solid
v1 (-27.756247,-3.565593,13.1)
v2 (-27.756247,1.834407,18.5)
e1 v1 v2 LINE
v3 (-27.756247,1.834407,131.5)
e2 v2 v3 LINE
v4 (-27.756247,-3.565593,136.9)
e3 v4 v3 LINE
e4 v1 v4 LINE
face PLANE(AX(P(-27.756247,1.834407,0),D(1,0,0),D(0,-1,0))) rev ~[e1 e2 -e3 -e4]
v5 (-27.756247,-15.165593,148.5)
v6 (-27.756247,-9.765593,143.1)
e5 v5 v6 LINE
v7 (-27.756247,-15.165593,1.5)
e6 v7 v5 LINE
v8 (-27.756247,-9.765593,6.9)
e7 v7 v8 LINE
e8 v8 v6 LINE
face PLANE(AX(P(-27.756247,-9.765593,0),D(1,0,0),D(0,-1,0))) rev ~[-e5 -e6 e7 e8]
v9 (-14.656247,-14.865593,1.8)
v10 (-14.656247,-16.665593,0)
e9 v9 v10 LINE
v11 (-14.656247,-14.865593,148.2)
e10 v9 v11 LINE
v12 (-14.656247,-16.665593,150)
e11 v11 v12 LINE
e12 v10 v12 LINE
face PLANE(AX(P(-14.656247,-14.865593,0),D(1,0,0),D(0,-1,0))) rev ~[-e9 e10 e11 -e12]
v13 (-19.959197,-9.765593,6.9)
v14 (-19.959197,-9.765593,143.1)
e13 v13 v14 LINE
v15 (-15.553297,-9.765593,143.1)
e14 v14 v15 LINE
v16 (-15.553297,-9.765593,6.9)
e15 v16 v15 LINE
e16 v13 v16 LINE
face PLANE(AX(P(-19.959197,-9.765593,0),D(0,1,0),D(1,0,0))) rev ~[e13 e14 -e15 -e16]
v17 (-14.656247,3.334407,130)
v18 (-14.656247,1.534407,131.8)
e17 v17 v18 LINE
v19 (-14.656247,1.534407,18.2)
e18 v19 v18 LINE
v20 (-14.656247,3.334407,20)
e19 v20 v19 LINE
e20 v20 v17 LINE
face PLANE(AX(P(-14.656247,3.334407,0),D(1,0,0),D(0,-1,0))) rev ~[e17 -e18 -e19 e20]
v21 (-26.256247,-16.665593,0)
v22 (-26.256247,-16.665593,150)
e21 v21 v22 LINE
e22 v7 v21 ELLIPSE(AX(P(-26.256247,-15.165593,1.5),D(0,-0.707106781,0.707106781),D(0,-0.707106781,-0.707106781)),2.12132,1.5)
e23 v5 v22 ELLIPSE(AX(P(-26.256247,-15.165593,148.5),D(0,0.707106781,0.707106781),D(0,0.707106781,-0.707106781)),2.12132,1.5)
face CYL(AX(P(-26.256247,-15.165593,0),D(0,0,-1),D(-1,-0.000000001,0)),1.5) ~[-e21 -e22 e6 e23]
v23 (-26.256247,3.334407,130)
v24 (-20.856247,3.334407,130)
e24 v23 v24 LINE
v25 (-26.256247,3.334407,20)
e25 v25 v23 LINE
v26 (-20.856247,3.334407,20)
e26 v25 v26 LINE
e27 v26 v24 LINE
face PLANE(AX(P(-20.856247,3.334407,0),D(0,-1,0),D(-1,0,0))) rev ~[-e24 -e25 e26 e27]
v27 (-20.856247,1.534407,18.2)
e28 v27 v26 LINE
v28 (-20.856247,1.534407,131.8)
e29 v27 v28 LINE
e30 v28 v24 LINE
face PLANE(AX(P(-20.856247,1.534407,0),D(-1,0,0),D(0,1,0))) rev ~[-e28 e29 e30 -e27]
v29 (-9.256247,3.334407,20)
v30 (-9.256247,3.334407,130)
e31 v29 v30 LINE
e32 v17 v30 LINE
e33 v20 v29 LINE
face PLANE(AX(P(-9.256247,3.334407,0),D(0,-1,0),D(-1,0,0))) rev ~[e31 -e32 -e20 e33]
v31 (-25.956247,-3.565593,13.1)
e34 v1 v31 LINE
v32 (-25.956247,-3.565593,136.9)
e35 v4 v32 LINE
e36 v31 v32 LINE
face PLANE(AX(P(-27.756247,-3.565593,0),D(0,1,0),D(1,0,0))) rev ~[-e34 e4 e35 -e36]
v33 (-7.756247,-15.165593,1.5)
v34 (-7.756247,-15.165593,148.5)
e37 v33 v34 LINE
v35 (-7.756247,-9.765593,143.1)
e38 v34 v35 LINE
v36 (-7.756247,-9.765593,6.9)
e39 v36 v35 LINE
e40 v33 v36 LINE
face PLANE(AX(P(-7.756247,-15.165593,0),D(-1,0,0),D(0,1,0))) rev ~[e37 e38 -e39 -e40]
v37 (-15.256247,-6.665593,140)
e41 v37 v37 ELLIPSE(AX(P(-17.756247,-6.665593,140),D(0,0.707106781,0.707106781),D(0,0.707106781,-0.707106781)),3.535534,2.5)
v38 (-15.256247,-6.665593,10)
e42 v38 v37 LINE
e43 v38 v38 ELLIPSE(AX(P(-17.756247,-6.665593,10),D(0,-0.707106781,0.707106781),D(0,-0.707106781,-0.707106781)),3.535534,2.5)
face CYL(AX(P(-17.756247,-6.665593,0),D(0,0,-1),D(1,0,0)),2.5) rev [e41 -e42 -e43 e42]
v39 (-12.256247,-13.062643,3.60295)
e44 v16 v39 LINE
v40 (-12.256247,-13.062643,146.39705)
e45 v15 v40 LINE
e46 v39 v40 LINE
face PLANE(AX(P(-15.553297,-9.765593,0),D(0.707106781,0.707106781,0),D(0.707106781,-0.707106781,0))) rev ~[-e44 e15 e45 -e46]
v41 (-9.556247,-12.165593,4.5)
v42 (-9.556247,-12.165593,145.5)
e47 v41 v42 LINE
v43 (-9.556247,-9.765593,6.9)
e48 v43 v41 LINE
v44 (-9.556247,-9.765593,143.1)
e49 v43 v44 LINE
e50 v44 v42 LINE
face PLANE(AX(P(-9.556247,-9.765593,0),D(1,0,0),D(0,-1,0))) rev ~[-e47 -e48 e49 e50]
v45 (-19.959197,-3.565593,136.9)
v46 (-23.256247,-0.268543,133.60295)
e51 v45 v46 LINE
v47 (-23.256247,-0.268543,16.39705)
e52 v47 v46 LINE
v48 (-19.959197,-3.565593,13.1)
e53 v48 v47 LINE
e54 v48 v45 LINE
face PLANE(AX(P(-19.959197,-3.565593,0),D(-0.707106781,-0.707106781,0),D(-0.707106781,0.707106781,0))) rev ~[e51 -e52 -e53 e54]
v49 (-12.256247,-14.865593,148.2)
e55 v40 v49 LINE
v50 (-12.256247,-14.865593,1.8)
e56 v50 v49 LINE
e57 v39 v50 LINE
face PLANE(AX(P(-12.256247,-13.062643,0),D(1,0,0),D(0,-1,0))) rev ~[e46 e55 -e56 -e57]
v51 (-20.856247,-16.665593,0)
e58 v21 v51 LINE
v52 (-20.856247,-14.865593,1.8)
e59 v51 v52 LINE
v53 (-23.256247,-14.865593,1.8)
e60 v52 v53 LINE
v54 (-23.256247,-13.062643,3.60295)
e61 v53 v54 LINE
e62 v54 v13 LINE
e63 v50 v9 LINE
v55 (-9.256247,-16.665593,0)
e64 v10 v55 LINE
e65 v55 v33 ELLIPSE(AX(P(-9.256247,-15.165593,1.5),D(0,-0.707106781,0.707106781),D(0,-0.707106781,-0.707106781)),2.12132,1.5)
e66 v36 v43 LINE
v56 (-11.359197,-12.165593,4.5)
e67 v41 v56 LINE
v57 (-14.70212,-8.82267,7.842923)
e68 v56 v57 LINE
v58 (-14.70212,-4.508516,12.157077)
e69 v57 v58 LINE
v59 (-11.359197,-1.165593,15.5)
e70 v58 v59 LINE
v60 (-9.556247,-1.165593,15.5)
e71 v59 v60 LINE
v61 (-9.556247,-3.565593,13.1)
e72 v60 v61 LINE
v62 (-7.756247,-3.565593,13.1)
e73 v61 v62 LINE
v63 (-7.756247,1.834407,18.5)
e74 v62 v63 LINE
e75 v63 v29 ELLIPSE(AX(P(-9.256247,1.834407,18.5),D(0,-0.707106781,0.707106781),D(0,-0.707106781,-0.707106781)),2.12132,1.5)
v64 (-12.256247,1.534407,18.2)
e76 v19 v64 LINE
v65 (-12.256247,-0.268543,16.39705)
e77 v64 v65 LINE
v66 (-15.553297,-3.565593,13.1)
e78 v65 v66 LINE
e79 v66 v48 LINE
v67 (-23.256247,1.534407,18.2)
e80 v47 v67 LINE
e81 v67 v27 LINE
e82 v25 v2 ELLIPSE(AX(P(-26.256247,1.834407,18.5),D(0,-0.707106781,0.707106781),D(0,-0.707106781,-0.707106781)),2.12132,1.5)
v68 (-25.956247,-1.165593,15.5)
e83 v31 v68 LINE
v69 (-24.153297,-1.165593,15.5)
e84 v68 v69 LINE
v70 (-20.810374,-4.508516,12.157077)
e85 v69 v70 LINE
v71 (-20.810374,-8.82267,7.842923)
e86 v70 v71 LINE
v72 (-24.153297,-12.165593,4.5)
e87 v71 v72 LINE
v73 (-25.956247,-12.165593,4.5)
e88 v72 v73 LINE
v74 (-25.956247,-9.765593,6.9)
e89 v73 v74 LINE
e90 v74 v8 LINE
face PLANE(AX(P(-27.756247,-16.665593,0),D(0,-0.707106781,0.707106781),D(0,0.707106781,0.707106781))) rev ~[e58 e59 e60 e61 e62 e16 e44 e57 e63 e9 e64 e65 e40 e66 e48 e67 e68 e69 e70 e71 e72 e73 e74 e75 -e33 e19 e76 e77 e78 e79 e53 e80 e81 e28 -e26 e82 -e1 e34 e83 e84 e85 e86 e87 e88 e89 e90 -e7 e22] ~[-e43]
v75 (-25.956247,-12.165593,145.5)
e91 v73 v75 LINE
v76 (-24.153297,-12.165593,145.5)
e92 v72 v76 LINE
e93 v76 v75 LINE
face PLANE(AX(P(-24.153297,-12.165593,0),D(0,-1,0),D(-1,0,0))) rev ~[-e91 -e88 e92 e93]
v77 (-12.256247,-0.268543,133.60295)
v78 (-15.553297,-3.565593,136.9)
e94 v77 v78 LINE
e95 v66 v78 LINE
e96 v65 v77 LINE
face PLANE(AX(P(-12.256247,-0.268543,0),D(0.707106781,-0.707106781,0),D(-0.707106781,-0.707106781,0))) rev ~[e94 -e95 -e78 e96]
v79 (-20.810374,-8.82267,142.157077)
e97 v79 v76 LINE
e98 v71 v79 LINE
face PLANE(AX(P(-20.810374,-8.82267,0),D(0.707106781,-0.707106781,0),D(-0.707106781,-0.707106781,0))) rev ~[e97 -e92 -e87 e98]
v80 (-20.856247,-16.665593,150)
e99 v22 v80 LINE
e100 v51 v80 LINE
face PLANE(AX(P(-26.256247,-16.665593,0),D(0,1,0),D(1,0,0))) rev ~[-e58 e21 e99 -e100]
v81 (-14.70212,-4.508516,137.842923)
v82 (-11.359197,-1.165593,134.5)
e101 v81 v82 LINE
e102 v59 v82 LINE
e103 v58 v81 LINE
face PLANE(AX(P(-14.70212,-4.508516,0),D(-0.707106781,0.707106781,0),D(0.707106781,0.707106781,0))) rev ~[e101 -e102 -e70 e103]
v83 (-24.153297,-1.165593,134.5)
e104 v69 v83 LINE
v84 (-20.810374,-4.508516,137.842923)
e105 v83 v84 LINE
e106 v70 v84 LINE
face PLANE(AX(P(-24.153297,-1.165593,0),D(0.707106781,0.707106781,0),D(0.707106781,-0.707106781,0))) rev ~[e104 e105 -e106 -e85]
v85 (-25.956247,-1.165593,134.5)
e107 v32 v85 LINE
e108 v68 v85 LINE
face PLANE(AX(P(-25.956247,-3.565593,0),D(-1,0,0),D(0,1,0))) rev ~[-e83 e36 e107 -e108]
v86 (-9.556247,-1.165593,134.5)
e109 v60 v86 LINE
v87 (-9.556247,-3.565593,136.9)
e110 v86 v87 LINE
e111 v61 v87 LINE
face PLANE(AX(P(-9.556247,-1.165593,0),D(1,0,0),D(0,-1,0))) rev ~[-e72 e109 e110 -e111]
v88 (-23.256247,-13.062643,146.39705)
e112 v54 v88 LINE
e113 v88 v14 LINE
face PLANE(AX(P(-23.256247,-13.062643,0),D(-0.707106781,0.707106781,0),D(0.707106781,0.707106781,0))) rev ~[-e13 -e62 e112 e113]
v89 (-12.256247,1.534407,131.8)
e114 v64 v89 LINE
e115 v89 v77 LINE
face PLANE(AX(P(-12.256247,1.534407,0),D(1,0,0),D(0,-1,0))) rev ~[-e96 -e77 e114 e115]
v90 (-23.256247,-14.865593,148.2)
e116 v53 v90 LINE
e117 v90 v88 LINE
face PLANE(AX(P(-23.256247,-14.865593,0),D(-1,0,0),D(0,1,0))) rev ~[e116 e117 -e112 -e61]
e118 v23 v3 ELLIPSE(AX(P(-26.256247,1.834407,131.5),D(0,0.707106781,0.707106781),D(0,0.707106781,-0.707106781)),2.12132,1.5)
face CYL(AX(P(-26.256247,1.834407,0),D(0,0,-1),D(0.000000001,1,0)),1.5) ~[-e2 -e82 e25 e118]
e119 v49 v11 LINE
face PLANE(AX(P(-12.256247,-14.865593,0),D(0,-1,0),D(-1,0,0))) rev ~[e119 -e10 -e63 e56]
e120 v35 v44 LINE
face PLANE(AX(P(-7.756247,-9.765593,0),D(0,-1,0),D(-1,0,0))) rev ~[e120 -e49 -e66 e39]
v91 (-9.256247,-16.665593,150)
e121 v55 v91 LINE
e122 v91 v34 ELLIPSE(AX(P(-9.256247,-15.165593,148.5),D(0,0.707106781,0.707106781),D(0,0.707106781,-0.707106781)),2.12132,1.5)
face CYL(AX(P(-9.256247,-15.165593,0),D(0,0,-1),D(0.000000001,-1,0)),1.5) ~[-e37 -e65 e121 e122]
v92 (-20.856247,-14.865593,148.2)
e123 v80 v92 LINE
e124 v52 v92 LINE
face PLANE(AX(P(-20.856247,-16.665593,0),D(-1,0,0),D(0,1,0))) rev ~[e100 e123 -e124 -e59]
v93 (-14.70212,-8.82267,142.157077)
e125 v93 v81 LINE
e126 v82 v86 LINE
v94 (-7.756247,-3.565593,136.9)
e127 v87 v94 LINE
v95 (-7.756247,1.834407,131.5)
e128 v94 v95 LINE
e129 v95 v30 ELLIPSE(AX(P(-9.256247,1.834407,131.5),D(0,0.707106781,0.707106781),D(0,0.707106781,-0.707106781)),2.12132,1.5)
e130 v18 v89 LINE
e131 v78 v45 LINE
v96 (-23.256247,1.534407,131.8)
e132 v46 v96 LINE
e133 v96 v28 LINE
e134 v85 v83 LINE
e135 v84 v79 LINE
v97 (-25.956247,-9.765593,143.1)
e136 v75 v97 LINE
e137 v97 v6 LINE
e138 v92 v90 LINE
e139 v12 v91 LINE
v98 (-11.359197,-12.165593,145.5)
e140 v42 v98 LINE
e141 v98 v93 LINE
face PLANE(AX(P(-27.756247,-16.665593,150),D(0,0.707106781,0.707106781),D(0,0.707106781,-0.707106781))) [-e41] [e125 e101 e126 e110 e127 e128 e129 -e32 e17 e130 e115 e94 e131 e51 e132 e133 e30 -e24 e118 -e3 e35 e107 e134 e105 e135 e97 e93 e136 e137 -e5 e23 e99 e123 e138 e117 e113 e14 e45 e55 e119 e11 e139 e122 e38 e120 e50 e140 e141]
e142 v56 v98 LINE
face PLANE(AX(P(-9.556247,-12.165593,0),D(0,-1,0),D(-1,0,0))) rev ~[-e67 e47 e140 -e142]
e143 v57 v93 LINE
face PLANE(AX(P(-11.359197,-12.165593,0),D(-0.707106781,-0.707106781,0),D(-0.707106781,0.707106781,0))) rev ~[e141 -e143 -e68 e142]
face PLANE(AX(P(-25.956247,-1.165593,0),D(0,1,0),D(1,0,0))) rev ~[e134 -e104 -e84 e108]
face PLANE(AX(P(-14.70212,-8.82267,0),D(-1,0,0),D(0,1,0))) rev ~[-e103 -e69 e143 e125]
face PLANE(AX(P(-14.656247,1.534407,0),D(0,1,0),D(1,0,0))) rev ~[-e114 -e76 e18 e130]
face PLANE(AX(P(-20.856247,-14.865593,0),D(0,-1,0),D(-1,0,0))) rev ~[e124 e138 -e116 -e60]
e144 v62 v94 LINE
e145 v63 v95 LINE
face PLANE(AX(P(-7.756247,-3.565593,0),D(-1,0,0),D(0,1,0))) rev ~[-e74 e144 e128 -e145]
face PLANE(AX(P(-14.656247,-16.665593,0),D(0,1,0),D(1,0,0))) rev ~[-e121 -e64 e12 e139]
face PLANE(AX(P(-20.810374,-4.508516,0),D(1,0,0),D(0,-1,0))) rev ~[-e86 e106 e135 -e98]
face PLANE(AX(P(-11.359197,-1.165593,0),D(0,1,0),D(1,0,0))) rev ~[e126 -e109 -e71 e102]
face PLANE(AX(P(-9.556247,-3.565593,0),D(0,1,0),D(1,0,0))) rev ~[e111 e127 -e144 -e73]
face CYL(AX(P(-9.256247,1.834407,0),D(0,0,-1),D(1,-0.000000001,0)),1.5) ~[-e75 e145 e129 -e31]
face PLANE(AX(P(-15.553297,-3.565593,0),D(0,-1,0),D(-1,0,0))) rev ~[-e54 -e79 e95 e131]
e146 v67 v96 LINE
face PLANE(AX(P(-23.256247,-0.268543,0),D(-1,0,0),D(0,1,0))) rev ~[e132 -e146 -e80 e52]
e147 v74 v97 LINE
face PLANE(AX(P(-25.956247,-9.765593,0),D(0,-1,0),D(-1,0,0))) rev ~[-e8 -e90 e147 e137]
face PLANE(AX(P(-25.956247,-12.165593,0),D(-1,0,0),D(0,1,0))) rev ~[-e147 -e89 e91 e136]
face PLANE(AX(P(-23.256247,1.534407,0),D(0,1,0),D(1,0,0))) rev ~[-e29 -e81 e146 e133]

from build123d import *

# Parameters (mm, degrees)
SKETCH_1_R          = 2.5
EXTRUDE_1_DEPTH     = 150
CUT_EXTRUDE_1_DEPTH = 153.242379078


with BuildPart() as part:
    # 草图1 → 凸台-拉伸1 (new body)
    with BuildSketch(Plane.XY):
        with BuildLine():
            Line((-25.95624704, -9.765592916), (-27.75624704, -9.765592916))
            Line((-27.75624704, -9.765592916), (-27.75624704, -15.165592916))
            ThreePointArc((-27.75624704, -15.165592916), (-27.316907212, -16.226253087), (-26.25624704, -16.665592916))
            Line((-26.25624704, -16.665592916), (-20.85624704, -16.665592916))
            Line((-20.85624704, -16.665592916), (-20.85624704, -14.865592916))
            Line((-20.85624704, -14.865592916), (-23.25624704, -14.865592916))
            Line((-23.25624704, -14.865592916), (-23.25624704, -13.062643071))
            Line((-23.25624704, -13.062643071), (-19.959196885, -9.765592916))
            Line((-19.959196885, -9.765592916), (-15.553297195, -9.765592916))
            Line((-15.553297195, -9.765592916), (-12.25624704, -13.062643071))
            Line((-12.25624704, -13.062643071), (-12.25624704, -14.865592916))
            Line((-12.25624704, -14.865592916), (-14.65624704, -14.865592916))
            Line((-14.65624704, -14.865592916), (-14.65624704, -16.665592916))
            Line((-14.65624704, -16.665592916), (-9.25624704, -16.665592916))
            ThreePointArc((-9.25624704, -16.665592916), (-8.195586868, -16.226253087), (-7.75624704, -15.165592916))
            Line((-7.75624704, -15.165592916), (-7.75624704, -9.765592916))
            Line((-7.75624704, -9.765592916), (-9.55624704, -9.765592916))
            Line((-9.55624704, -9.765592916), (-9.55624704, -12.165592916))
            Line((-9.55624704, -12.165592916), (-11.359196885, -12.165592916))
            Line((-11.359196885, -12.165592916), (-14.70212002, -8.822669781))
            Line((-14.70212002, -8.822669781), (-14.70212002, -4.50851605))
            Line((-14.70212002, -4.50851605), (-11.359196885, -1.165592916))
            Line((-11.359196885, -1.165592916), (-9.55624704, -1.165592916))
            Line((-9.55624704, -1.165592916), (-9.55624704, -3.565592916))
            Line((-9.55624704, -3.565592916), (-7.75624704, -3.565592916))
            Line((-7.75624704, -3.565592916), (-7.75624704, 1.834407084))
            ThreePointArc((-7.75624704, 1.834407084), (-8.195586868, 2.895067256), (-9.25624704, 3.334407084))
            Line((-9.25624704, 3.334407084), (-14.65624704, 3.334407084))
            Line((-14.65624704, 3.334407084), (-14.65624704, 1.534407084))
            Line((-14.65624704, 1.534407084), (-12.25624704, 1.534407084))
            Line((-12.25624704, 1.534407084), (-12.25624704, -0.26854276))
            Line((-12.25624704, -0.26854276), (-15.553297195, -3.565592916))
            Line((-15.553297195, -3.565592916), (-19.959196885, -3.565592916))
            Line((-19.959196885, -3.565592916), (-23.25624704, -0.26854276))
            Line((-23.25624704, -0.26854276), (-23.25624704, 1.534407084))
            Line((-23.25624704, 1.534407084), (-20.85624704, 1.534407084))
            Line((-20.85624704, 1.534407084), (-20.85624704, 3.334407084))
            Line((-20.85624704, 3.334407084), (-26.25624704, 3.334407084))
            ThreePointArc((-26.25624704, 3.334407084), (-27.316907212, 2.895067256), (-27.75624704, 1.834407084))
            Line((-27.75624704, 1.834407084), (-27.75624704, -3.565592916))
            Line((-27.75624704, -3.565592916), (-25.95624704, -3.565592916))
            Line((-25.95624704, -3.565592916), (-25.95624704, -1.165592916))
            Line((-25.95624704, -1.165592916), (-24.153297195, -1.165592916))
            Line((-24.153297195, -1.165592916), (-20.81037406, -4.50851605))
            Line((-20.81037406, -4.50851605), (-20.81037406, -8.822669781))
            Line((-20.81037406, -8.822669781), (-24.153297195, -12.165592916))
            Line((-24.153297195, -12.165592916), (-25.95624704, -12.165592916))
            Line((-25.95624704, -12.165592916), (-25.95624704, -9.765592916))
        make_face()
        with Locations((-17.75624704, -6.665592916)):
            Circle(SKETCH_1_R, mode=Mode.SUBTRACT)
    extrude(amount=EXTRUDE_1_DEPTH)

    # 草图2 → 切除-拉伸1 (cut, through all)
    with BuildSketch(Plane.ZY.offset(27.75624704)):
        Polygon((0, -16.665592916), (20, 3.334407084), (0, 3.334407084), align=None)
        Polygon((150, -16.665592916), (130, 3.334407084), (150, 3.334407084), align=None)
    extrude(amount=-CUT_EXTRUDE_1_DEPTH, mode=Mode.SUBTRACT)


solid = part.part
